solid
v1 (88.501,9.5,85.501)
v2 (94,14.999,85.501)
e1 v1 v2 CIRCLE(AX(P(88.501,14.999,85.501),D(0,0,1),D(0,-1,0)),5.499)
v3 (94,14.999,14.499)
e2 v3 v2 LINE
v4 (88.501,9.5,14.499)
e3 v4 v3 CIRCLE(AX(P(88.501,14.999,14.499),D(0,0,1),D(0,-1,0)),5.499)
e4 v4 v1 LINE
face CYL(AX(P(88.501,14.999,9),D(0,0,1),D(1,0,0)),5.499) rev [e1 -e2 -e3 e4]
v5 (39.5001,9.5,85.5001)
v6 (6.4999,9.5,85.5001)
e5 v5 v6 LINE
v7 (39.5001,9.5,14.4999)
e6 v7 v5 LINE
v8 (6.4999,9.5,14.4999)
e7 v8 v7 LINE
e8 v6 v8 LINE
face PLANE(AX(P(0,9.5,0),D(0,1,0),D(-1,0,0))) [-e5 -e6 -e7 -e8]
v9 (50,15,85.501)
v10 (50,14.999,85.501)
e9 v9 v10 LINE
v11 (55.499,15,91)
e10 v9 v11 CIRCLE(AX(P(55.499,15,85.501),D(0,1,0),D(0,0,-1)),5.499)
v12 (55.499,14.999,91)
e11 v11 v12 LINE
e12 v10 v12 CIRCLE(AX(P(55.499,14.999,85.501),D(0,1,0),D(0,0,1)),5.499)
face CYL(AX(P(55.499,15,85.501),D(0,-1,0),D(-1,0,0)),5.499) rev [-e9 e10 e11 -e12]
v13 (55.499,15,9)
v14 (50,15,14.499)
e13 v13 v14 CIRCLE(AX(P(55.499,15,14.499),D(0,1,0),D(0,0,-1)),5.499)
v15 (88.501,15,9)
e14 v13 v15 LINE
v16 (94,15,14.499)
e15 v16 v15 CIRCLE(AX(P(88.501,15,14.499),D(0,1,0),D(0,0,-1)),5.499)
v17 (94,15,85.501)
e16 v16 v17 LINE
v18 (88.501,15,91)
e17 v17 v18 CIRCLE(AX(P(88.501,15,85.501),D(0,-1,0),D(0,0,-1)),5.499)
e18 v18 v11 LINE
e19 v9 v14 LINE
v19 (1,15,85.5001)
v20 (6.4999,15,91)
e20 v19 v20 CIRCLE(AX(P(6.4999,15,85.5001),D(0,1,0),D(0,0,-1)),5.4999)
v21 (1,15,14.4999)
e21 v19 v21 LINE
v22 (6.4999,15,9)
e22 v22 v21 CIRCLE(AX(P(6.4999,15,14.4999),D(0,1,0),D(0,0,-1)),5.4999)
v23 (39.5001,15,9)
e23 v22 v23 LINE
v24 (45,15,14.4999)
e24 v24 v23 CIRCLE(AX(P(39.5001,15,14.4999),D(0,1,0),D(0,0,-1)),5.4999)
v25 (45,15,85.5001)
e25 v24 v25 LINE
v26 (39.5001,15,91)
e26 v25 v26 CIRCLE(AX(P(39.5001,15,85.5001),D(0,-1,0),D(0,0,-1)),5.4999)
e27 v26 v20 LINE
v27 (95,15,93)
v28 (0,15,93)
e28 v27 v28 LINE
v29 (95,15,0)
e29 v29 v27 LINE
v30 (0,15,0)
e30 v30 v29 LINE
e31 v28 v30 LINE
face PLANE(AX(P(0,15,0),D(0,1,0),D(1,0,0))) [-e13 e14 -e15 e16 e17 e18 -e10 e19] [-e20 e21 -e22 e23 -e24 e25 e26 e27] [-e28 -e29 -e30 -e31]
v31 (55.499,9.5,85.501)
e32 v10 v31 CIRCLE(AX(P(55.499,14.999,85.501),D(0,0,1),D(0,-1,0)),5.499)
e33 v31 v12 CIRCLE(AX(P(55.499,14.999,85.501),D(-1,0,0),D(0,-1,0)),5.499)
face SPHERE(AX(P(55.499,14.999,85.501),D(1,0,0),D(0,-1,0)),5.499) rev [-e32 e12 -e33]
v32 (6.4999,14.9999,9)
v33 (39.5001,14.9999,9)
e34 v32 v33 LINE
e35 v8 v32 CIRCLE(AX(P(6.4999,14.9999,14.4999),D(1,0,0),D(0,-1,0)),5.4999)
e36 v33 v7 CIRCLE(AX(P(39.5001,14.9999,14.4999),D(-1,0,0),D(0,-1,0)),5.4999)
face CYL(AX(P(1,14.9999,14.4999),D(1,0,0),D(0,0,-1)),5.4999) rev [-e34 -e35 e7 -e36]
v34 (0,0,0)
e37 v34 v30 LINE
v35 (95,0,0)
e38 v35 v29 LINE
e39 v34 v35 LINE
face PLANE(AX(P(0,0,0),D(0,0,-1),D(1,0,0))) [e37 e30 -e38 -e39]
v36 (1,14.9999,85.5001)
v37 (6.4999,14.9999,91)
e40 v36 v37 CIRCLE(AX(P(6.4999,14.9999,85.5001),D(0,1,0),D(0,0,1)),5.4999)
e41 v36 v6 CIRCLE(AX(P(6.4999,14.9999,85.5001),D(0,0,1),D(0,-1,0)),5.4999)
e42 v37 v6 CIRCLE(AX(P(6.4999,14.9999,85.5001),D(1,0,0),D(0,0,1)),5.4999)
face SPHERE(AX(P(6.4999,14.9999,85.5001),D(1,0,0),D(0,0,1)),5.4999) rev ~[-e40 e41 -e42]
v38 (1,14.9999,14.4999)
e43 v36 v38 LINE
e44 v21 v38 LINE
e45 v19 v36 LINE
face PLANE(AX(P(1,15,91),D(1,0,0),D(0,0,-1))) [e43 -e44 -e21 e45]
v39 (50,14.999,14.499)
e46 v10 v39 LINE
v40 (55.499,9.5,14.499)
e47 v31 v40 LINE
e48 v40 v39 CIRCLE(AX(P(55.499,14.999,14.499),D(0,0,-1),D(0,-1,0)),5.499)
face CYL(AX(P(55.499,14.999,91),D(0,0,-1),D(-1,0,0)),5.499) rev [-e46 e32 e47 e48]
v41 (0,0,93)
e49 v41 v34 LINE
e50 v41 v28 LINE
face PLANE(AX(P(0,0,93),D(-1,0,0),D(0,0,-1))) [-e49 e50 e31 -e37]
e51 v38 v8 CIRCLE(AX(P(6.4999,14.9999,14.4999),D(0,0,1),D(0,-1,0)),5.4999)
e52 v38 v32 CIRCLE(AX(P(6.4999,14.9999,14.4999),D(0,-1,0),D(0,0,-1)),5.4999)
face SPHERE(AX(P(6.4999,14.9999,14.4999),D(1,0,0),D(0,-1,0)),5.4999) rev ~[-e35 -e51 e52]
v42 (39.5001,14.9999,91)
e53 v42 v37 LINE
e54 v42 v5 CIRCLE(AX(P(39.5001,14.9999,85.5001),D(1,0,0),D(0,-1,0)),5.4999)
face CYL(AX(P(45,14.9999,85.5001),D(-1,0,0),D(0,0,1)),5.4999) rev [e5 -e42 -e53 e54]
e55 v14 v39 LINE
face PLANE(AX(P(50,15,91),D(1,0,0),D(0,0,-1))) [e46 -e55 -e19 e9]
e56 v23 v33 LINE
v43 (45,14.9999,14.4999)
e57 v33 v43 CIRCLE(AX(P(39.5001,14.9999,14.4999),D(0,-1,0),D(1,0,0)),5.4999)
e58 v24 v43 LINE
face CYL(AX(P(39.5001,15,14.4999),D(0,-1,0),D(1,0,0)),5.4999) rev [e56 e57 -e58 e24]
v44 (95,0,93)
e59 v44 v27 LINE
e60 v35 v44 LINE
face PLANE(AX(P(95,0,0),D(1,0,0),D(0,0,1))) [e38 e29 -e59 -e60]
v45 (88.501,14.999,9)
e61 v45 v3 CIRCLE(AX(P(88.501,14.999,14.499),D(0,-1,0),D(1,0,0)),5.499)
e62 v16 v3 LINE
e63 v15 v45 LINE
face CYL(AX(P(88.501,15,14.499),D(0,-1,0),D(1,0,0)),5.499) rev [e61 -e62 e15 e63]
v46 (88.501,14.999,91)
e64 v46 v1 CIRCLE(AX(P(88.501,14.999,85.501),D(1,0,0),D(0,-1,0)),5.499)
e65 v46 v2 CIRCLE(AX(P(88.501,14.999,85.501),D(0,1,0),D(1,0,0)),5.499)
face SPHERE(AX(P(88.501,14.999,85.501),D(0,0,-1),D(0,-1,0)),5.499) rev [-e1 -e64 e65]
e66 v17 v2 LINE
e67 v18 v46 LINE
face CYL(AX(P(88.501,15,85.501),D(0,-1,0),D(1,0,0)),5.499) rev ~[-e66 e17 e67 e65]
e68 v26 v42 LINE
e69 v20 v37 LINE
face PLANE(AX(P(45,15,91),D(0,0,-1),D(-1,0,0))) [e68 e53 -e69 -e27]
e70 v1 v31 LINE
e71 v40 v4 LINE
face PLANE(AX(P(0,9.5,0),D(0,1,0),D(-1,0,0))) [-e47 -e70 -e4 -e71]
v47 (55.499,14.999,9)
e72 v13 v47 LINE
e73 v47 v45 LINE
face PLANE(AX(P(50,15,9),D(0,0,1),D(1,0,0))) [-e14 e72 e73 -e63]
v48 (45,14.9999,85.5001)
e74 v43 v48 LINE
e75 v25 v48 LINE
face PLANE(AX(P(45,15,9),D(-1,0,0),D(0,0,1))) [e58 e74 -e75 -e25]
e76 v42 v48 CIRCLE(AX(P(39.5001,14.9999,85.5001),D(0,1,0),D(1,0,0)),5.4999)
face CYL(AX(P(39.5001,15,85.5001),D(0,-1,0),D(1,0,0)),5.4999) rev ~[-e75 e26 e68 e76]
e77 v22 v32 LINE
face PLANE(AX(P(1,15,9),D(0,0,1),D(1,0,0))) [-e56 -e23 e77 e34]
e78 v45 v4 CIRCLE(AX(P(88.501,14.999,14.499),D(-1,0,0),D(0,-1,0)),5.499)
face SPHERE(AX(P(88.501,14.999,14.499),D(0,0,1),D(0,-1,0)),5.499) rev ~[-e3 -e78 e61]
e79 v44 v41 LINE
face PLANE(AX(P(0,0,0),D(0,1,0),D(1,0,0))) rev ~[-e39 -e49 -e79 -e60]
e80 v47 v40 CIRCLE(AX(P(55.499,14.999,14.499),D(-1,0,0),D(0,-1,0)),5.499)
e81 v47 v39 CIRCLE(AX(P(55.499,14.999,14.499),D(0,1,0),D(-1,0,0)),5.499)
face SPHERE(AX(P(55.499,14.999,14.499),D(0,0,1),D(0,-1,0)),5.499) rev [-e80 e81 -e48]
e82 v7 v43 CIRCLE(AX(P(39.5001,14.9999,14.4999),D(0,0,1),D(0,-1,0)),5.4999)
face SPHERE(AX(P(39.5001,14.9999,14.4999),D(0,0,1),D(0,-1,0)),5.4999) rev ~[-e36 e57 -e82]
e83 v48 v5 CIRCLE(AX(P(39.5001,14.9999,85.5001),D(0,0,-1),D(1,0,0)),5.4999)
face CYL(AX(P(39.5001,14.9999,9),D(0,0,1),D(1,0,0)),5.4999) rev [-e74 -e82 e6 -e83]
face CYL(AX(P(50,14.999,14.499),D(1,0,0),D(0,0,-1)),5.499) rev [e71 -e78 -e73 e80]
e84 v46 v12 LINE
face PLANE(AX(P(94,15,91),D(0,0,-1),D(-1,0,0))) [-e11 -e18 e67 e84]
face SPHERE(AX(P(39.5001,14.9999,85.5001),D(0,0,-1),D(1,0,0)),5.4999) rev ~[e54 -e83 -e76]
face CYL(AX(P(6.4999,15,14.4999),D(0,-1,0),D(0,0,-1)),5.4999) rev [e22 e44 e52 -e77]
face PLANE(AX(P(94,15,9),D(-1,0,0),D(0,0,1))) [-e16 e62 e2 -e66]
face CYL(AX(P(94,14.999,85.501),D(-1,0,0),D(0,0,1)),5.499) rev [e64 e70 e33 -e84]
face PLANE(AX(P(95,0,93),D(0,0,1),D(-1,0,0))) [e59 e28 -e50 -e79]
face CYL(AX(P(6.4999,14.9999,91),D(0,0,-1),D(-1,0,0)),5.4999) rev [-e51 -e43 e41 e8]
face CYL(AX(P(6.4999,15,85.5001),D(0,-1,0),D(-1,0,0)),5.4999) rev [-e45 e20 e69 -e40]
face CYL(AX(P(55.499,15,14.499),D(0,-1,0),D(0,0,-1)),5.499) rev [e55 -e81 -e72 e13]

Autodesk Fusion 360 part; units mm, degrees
sketch "Esboço1" plane through (0, 0, 0) normal (0, 1, 0) x (1, 0, 0)
  line L0 (0, 0) -> (95, 0)
  line L1 (95, 0) -> (95, -93)
  line L2 (95, -93) -> (0, -93)
  line L3 (0, -93) -> (0, 0)
  dimension "d1" = 95
  dimension "d2" = 93
extrude "Extrusão1" add sketch "Esboço1" along normal blind 15
sketch "Esboço2" plane through (0, 15, 0) normal (0, 1, 0) x (-1, 0, 0)
  line L0 (0, 93) -> (-95, 93)
  line L1 (-95, 93) -> (-95, 0)
  line L2 (-95, 0) -> (0, 0)
  line L3 (0, 0) -> (0, 93)
  line L4 (-94, 91) -> (-50, 91)
  line L5 (-50, 91) -> (-50, 9)
  line L6 (-50, 9) -> (-94, 9)
  line L7 (-94, 9) -> (-94, 91)
  line L8 (-45, 91) -> (-1, 91)
  line L9 (-1, 91) -> (-1, 9)
  line L10 (-1, 9) -> (-45, 9)
  line L11 (-45, 9) -> (-45, 91)
  dimension "d10" = 44
  dimension "d11" = 82
  dimension "d12" = 44
  dimension "d13" = 82
  dimension "d14" = 1
  dimension "d15" = 1
  dimension "d16" = 5
extrude "Extrusão2" cut sketch "Esboço2" against normal blind 5.5 contours L4 L5 L6 L7 | L8 L9 L10 L11
fillet "Arredondamento2" radius 5.499 8 edges at (94, 9.5, 50) (72, 9.5, 91) (50, 9.5, 50) (72, 9.5, 9) (50, 12.25, 91) (94, 12.25, 91) (94, 12.25, 9) (50, 12.25, 9)
fillet "Arredondamento3" radius 5.4999 8 edges at (45, 9.5, 50) (23, 9.5, 9) (45, 12.25, 9) (45, 12.25, 91) (23, 9.5, 91) (1, 12.25, 91) (1, 9.5, 50) (1, 12.25, 9)
sketch "Esboço3" plane through (0, 9.5, 0) normal (0, 1, 0) x (-1, 0, 0)
  line L0 (-55.499, 14.499) -> (-55.499, 85.501)
  line L1 (-55.499, 85.501) -> (-88.501, 85.501)
  line L2 (-88.501, 85.501) -> (-88.501, 14.499)
  line L3 (-88.501, 14.499) -> (-55.499, 14.499)
  line L4 (-88.501, 14.499) -> (-93.501, 9.499)
  line L5 (-88.501, 14.499) -> (-80.8219, 14.499) construction
  line L6 (-93.501, 9.499) -> (-88.501, 9.499)
  line L7 (-88.501, 14.499) -> (-93.501, 14.499)
  line L8 (-93.501, 14.499) -> (-95, 14.499)
  line L9 (-89.7081, 13.999) -> (-93.8546, 9.8526)
  line L10 (-89.7081, 13.999) -> (-93.501, 13.999)
  line L11 (-93.501, 13.999) -> (-95, 13.999)
  line L12 (-93.501, 9.199) -> (-88.501, 9.199)
  line L13 (-93.8546, 9.8526) -> (-94.5081, 9.199)
  line L14 (-94.5081, 9.199) -> (-93.501, 9.199)
  dimension "d21" = 135
  dimension "d22" = 5
  dimension "d23" = -0.5
  dimension "d24" = 0.3
